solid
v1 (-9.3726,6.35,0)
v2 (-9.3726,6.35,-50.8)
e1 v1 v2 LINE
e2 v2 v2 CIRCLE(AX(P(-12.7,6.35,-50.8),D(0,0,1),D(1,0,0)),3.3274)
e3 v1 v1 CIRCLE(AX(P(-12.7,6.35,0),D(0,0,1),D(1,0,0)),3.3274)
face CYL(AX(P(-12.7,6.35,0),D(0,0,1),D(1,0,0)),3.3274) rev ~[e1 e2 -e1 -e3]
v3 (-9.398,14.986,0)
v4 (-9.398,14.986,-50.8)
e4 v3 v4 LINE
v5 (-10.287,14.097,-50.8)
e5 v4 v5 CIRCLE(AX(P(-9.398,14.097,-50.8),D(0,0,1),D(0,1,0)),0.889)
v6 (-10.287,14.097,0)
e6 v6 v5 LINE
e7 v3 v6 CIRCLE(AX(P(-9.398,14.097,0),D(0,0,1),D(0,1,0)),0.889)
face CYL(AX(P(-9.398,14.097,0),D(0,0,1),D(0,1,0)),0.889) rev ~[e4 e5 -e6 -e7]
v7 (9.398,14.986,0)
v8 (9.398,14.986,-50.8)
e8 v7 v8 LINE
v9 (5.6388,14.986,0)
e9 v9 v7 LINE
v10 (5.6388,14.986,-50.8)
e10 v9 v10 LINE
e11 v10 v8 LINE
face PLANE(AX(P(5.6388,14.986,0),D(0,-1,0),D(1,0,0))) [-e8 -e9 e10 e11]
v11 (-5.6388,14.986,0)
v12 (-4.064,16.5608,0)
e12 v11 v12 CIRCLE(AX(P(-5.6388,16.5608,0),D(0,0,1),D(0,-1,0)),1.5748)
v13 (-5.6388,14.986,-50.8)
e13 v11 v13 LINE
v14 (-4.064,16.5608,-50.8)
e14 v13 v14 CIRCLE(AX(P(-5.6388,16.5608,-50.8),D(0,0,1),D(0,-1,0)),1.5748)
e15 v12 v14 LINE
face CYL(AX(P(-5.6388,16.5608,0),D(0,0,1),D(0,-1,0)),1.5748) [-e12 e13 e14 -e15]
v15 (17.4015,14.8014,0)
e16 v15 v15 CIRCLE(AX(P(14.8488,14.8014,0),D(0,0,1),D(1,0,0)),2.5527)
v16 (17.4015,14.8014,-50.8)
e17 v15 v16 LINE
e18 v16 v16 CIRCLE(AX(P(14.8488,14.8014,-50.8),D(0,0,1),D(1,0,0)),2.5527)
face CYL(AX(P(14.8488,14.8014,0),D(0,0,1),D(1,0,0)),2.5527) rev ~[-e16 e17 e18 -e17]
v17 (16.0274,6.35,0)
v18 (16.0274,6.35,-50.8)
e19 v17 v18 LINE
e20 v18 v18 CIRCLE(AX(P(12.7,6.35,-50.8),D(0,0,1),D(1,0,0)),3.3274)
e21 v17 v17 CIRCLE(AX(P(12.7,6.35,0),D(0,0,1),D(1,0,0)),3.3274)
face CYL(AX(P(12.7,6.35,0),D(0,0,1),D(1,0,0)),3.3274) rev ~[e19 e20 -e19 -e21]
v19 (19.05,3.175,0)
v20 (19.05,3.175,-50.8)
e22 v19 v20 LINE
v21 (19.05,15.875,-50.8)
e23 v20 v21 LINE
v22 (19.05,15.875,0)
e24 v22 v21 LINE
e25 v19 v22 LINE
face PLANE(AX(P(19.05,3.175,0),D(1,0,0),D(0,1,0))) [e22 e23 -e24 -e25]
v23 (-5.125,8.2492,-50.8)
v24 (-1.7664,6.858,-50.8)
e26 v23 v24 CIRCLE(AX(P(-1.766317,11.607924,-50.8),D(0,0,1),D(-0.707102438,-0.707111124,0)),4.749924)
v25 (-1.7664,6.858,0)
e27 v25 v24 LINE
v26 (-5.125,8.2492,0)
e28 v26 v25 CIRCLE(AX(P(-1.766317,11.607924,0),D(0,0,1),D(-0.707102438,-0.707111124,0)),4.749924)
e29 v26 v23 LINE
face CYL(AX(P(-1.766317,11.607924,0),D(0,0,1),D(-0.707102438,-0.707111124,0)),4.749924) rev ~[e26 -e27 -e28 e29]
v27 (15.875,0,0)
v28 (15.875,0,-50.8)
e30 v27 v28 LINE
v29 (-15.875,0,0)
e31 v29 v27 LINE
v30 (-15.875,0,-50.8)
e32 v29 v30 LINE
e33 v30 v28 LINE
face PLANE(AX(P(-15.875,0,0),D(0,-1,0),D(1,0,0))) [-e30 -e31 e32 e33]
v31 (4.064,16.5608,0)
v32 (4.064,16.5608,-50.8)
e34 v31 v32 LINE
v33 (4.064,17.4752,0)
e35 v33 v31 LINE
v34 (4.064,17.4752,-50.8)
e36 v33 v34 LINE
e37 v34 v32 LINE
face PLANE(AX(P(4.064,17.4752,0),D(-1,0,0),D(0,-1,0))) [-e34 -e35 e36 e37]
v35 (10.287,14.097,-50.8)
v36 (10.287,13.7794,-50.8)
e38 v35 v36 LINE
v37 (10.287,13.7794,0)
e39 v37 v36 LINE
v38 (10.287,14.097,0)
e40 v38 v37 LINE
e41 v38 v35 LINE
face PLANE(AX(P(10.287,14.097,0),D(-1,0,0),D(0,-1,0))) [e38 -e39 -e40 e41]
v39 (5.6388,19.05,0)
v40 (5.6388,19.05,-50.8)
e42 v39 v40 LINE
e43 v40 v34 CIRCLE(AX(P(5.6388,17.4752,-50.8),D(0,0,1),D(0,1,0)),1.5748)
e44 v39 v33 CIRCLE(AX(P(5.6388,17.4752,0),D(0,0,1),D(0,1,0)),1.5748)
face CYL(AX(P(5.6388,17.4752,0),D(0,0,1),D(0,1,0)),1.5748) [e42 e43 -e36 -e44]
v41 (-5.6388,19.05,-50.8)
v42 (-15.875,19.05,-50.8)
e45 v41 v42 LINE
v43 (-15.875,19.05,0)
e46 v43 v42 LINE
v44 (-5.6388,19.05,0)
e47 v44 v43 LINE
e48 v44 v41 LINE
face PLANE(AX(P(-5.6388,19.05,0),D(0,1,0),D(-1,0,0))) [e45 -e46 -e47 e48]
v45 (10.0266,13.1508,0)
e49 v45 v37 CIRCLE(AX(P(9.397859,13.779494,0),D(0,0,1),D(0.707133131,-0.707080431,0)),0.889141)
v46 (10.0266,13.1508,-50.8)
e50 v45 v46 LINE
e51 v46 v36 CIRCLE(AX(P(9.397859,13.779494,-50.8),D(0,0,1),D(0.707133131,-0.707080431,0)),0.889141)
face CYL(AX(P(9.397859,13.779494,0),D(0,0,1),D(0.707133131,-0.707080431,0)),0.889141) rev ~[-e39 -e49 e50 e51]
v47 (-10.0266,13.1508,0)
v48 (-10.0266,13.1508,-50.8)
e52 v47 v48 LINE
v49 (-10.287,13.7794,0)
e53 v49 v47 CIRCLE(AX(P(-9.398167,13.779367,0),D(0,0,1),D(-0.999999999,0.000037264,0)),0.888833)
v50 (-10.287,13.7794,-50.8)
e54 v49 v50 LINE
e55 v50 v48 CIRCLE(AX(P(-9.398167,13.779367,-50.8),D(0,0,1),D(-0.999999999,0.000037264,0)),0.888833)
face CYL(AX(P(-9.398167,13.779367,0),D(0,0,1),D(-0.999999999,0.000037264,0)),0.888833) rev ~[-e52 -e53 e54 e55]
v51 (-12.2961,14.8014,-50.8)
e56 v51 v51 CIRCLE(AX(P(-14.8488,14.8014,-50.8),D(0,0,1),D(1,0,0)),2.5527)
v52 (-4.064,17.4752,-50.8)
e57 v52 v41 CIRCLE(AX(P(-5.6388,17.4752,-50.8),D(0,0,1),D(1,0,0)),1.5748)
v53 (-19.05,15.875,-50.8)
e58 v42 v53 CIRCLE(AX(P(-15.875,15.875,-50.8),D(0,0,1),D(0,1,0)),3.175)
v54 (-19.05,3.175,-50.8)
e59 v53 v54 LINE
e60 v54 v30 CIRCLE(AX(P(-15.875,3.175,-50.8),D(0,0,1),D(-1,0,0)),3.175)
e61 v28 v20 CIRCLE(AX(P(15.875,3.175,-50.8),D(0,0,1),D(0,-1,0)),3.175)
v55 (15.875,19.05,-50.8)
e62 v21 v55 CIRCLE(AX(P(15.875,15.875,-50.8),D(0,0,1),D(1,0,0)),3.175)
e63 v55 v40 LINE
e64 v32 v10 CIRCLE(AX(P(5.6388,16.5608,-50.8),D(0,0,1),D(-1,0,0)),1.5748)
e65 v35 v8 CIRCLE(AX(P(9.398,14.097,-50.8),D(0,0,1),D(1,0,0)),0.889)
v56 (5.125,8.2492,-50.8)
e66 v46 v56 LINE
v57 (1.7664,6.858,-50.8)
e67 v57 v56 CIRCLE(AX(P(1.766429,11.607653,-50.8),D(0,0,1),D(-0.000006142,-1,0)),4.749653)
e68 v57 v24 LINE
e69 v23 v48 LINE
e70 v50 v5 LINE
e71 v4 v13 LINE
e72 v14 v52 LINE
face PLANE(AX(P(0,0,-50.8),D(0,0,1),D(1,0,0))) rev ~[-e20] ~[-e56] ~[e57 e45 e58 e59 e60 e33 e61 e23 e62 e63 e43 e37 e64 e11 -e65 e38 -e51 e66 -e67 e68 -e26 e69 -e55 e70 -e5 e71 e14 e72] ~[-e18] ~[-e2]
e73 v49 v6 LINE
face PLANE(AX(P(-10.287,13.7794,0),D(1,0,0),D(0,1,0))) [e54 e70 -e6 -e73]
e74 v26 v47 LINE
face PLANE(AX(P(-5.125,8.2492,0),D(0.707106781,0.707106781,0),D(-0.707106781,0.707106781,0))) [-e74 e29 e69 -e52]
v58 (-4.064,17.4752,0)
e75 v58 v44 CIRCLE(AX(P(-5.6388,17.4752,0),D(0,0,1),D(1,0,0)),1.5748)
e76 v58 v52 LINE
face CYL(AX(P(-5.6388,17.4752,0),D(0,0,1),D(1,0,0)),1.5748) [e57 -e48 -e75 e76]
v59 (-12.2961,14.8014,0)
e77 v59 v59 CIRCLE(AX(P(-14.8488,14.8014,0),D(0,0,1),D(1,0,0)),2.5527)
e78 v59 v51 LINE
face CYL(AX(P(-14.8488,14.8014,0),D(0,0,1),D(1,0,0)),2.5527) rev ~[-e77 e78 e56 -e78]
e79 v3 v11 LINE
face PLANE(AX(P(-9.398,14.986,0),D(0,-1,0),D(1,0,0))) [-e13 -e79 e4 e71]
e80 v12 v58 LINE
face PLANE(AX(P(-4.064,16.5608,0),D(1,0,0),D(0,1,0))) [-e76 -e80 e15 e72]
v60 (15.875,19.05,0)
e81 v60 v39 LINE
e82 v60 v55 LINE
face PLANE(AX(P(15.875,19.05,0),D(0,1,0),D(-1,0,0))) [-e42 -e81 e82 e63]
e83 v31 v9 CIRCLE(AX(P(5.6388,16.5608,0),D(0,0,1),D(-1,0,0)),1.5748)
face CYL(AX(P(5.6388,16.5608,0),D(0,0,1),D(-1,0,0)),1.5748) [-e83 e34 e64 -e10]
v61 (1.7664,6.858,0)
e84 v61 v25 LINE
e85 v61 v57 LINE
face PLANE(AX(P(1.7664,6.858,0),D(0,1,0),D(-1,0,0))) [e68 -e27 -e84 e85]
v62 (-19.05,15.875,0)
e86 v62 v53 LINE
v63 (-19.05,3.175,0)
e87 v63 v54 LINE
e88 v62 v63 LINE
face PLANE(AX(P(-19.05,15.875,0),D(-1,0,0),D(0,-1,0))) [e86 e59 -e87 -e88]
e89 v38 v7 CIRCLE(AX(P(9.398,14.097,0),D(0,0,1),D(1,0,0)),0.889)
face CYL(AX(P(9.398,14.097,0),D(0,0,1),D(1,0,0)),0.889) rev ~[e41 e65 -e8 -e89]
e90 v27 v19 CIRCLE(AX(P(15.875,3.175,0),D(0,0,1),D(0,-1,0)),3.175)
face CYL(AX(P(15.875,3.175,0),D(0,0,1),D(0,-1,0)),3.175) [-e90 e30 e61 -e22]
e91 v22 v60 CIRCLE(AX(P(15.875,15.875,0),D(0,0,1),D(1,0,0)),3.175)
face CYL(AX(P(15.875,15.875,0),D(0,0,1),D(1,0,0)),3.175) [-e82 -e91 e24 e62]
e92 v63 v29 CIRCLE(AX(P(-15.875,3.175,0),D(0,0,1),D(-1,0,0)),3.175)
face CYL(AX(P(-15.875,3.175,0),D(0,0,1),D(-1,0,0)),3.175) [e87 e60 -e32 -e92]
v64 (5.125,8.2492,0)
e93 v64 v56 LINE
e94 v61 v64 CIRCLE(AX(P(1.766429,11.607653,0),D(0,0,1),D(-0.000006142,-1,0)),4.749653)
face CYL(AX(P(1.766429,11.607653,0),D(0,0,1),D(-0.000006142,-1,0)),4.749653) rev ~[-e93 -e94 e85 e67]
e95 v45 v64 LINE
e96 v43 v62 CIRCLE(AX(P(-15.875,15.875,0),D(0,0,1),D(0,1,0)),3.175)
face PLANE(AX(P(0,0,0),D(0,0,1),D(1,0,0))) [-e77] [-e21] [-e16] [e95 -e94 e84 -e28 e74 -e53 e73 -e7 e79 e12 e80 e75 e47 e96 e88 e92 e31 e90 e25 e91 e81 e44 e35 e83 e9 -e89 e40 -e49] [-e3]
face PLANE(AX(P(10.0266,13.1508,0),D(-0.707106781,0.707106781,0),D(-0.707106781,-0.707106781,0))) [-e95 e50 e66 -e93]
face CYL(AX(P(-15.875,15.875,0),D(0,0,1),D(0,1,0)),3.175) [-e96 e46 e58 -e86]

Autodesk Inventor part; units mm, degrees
ref_plane "YZ Plane" through (0, 0, 0) normal (1, 0, 0) x (0, 1, 0)
ref_plane "XZ Plane" through (0, 0, 0) normal (0, 1, 0) x (-1, 0, 0)
ref_plane "XY Plane" through (0, 0, 0) normal (0, 0, 1) x (1, 0, 0)
sketch "Sketch_1" plane through (0, 0, 0) normal (0, 0, 1) x (1, 0, 0)
  arc A0 (-19.05, 3.175) -> (-15.875, 0) centre (-15.875, 3.175) ccw
  line L0 (-15.875, 0) -> (15.875, 0)
  arc A1 (15.875, 0) -> (19.05, 3.175) centre (15.875, 3.175) ccw
  line L1 (19.05, 3.175) -> (19.05, 15.875)
  arc A2 (19.05, 15.875) -> (15.875, 19.05) centre (15.875, 15.875) ccw
  line L2 (15.875, 19.05) -> (5.6388, 19.05)
  arc A3 (5.6388, 19.05) -> (4.064, 17.4752) centre (5.6388, 17.4752) ccw
  line L3 (4.064, 17.4752) -> (4.064, 16.5608)
  arc A4 (4.064, 16.5608) -> (5.6388, 14.986) centre (5.6388, 16.5608) ccw
  line L4 (5.6388, 14.986) -> (9.398, 14.986)
  arc A5 (10.287, 14.097) -> (9.398, 14.986) centre (9.398, 14.097) ccw
  line L5 (10.287, 14.097) -> (10.287, 13.7794)
  arc A6 (10.0266, 13.1508) -> (10.287, 13.7794) centre (9.398, 13.7794) ccw
  line L6 (10.0266, 13.1508) -> (5.125, 8.2492)
  arc A7 (1.7664, 6.858) -> (5.125, 8.2492) centre (1.7664, 11.6078) ccw
  line L7 (1.7664, 6.858) -> (-1.7664, 6.858)
  arc A8 (-5.125, 8.2492) -> (-1.7664, 6.858) centre (-1.7664, 11.6078) ccw
  line L8 (-5.125, 8.2492) -> (-10.0266, 13.1508)
  arc A9 (-10.287, 13.7794) -> (-10.0266, 13.1508) centre (-9.398, 13.7794) ccw
  line L9 (-10.287, 13.7794) -> (-10.287, 14.097)
  arc A10 (-9.398, 14.986) -> (-10.287, 14.097) centre (-9.398, 14.097) ccw
  line L10 (-9.398, 14.986) -> (-5.6388, 14.986)
  arc A11 (-5.6388, 14.986) -> (-4.064, 16.5608) centre (-5.6388, 16.5608) ccw
  line L11 (-4.064, 16.5608) -> (-4.064, 17.4752)
  arc A12 (-4.064, 17.4752) -> (-5.6388, 19.05) centre (-5.6388, 17.4752) ccw
  line L12 (-5.6388, 19.05) -> (-15.875, 19.05)
  arc A13 (-15.875, 19.05) -> (-19.05, 15.875) centre (-15.875, 15.875) ccw
  line L13 (-19.05, 15.875) -> (-19.05, 3.175)
  circle A14 centre (14.8488, 14.8014) radius 2.5527
  circle A15 centre (12.7, 6.35) radius 3.3274
  circle A16 centre (-12.7, 6.35) radius 3.3274
  circle A17 centre (-14.8488, 14.8014) radius 2.5527
extrude "Extrusion1" add sketch "Sketch_1" against normal blind 50.8
properties part number "1575-2-CL"
